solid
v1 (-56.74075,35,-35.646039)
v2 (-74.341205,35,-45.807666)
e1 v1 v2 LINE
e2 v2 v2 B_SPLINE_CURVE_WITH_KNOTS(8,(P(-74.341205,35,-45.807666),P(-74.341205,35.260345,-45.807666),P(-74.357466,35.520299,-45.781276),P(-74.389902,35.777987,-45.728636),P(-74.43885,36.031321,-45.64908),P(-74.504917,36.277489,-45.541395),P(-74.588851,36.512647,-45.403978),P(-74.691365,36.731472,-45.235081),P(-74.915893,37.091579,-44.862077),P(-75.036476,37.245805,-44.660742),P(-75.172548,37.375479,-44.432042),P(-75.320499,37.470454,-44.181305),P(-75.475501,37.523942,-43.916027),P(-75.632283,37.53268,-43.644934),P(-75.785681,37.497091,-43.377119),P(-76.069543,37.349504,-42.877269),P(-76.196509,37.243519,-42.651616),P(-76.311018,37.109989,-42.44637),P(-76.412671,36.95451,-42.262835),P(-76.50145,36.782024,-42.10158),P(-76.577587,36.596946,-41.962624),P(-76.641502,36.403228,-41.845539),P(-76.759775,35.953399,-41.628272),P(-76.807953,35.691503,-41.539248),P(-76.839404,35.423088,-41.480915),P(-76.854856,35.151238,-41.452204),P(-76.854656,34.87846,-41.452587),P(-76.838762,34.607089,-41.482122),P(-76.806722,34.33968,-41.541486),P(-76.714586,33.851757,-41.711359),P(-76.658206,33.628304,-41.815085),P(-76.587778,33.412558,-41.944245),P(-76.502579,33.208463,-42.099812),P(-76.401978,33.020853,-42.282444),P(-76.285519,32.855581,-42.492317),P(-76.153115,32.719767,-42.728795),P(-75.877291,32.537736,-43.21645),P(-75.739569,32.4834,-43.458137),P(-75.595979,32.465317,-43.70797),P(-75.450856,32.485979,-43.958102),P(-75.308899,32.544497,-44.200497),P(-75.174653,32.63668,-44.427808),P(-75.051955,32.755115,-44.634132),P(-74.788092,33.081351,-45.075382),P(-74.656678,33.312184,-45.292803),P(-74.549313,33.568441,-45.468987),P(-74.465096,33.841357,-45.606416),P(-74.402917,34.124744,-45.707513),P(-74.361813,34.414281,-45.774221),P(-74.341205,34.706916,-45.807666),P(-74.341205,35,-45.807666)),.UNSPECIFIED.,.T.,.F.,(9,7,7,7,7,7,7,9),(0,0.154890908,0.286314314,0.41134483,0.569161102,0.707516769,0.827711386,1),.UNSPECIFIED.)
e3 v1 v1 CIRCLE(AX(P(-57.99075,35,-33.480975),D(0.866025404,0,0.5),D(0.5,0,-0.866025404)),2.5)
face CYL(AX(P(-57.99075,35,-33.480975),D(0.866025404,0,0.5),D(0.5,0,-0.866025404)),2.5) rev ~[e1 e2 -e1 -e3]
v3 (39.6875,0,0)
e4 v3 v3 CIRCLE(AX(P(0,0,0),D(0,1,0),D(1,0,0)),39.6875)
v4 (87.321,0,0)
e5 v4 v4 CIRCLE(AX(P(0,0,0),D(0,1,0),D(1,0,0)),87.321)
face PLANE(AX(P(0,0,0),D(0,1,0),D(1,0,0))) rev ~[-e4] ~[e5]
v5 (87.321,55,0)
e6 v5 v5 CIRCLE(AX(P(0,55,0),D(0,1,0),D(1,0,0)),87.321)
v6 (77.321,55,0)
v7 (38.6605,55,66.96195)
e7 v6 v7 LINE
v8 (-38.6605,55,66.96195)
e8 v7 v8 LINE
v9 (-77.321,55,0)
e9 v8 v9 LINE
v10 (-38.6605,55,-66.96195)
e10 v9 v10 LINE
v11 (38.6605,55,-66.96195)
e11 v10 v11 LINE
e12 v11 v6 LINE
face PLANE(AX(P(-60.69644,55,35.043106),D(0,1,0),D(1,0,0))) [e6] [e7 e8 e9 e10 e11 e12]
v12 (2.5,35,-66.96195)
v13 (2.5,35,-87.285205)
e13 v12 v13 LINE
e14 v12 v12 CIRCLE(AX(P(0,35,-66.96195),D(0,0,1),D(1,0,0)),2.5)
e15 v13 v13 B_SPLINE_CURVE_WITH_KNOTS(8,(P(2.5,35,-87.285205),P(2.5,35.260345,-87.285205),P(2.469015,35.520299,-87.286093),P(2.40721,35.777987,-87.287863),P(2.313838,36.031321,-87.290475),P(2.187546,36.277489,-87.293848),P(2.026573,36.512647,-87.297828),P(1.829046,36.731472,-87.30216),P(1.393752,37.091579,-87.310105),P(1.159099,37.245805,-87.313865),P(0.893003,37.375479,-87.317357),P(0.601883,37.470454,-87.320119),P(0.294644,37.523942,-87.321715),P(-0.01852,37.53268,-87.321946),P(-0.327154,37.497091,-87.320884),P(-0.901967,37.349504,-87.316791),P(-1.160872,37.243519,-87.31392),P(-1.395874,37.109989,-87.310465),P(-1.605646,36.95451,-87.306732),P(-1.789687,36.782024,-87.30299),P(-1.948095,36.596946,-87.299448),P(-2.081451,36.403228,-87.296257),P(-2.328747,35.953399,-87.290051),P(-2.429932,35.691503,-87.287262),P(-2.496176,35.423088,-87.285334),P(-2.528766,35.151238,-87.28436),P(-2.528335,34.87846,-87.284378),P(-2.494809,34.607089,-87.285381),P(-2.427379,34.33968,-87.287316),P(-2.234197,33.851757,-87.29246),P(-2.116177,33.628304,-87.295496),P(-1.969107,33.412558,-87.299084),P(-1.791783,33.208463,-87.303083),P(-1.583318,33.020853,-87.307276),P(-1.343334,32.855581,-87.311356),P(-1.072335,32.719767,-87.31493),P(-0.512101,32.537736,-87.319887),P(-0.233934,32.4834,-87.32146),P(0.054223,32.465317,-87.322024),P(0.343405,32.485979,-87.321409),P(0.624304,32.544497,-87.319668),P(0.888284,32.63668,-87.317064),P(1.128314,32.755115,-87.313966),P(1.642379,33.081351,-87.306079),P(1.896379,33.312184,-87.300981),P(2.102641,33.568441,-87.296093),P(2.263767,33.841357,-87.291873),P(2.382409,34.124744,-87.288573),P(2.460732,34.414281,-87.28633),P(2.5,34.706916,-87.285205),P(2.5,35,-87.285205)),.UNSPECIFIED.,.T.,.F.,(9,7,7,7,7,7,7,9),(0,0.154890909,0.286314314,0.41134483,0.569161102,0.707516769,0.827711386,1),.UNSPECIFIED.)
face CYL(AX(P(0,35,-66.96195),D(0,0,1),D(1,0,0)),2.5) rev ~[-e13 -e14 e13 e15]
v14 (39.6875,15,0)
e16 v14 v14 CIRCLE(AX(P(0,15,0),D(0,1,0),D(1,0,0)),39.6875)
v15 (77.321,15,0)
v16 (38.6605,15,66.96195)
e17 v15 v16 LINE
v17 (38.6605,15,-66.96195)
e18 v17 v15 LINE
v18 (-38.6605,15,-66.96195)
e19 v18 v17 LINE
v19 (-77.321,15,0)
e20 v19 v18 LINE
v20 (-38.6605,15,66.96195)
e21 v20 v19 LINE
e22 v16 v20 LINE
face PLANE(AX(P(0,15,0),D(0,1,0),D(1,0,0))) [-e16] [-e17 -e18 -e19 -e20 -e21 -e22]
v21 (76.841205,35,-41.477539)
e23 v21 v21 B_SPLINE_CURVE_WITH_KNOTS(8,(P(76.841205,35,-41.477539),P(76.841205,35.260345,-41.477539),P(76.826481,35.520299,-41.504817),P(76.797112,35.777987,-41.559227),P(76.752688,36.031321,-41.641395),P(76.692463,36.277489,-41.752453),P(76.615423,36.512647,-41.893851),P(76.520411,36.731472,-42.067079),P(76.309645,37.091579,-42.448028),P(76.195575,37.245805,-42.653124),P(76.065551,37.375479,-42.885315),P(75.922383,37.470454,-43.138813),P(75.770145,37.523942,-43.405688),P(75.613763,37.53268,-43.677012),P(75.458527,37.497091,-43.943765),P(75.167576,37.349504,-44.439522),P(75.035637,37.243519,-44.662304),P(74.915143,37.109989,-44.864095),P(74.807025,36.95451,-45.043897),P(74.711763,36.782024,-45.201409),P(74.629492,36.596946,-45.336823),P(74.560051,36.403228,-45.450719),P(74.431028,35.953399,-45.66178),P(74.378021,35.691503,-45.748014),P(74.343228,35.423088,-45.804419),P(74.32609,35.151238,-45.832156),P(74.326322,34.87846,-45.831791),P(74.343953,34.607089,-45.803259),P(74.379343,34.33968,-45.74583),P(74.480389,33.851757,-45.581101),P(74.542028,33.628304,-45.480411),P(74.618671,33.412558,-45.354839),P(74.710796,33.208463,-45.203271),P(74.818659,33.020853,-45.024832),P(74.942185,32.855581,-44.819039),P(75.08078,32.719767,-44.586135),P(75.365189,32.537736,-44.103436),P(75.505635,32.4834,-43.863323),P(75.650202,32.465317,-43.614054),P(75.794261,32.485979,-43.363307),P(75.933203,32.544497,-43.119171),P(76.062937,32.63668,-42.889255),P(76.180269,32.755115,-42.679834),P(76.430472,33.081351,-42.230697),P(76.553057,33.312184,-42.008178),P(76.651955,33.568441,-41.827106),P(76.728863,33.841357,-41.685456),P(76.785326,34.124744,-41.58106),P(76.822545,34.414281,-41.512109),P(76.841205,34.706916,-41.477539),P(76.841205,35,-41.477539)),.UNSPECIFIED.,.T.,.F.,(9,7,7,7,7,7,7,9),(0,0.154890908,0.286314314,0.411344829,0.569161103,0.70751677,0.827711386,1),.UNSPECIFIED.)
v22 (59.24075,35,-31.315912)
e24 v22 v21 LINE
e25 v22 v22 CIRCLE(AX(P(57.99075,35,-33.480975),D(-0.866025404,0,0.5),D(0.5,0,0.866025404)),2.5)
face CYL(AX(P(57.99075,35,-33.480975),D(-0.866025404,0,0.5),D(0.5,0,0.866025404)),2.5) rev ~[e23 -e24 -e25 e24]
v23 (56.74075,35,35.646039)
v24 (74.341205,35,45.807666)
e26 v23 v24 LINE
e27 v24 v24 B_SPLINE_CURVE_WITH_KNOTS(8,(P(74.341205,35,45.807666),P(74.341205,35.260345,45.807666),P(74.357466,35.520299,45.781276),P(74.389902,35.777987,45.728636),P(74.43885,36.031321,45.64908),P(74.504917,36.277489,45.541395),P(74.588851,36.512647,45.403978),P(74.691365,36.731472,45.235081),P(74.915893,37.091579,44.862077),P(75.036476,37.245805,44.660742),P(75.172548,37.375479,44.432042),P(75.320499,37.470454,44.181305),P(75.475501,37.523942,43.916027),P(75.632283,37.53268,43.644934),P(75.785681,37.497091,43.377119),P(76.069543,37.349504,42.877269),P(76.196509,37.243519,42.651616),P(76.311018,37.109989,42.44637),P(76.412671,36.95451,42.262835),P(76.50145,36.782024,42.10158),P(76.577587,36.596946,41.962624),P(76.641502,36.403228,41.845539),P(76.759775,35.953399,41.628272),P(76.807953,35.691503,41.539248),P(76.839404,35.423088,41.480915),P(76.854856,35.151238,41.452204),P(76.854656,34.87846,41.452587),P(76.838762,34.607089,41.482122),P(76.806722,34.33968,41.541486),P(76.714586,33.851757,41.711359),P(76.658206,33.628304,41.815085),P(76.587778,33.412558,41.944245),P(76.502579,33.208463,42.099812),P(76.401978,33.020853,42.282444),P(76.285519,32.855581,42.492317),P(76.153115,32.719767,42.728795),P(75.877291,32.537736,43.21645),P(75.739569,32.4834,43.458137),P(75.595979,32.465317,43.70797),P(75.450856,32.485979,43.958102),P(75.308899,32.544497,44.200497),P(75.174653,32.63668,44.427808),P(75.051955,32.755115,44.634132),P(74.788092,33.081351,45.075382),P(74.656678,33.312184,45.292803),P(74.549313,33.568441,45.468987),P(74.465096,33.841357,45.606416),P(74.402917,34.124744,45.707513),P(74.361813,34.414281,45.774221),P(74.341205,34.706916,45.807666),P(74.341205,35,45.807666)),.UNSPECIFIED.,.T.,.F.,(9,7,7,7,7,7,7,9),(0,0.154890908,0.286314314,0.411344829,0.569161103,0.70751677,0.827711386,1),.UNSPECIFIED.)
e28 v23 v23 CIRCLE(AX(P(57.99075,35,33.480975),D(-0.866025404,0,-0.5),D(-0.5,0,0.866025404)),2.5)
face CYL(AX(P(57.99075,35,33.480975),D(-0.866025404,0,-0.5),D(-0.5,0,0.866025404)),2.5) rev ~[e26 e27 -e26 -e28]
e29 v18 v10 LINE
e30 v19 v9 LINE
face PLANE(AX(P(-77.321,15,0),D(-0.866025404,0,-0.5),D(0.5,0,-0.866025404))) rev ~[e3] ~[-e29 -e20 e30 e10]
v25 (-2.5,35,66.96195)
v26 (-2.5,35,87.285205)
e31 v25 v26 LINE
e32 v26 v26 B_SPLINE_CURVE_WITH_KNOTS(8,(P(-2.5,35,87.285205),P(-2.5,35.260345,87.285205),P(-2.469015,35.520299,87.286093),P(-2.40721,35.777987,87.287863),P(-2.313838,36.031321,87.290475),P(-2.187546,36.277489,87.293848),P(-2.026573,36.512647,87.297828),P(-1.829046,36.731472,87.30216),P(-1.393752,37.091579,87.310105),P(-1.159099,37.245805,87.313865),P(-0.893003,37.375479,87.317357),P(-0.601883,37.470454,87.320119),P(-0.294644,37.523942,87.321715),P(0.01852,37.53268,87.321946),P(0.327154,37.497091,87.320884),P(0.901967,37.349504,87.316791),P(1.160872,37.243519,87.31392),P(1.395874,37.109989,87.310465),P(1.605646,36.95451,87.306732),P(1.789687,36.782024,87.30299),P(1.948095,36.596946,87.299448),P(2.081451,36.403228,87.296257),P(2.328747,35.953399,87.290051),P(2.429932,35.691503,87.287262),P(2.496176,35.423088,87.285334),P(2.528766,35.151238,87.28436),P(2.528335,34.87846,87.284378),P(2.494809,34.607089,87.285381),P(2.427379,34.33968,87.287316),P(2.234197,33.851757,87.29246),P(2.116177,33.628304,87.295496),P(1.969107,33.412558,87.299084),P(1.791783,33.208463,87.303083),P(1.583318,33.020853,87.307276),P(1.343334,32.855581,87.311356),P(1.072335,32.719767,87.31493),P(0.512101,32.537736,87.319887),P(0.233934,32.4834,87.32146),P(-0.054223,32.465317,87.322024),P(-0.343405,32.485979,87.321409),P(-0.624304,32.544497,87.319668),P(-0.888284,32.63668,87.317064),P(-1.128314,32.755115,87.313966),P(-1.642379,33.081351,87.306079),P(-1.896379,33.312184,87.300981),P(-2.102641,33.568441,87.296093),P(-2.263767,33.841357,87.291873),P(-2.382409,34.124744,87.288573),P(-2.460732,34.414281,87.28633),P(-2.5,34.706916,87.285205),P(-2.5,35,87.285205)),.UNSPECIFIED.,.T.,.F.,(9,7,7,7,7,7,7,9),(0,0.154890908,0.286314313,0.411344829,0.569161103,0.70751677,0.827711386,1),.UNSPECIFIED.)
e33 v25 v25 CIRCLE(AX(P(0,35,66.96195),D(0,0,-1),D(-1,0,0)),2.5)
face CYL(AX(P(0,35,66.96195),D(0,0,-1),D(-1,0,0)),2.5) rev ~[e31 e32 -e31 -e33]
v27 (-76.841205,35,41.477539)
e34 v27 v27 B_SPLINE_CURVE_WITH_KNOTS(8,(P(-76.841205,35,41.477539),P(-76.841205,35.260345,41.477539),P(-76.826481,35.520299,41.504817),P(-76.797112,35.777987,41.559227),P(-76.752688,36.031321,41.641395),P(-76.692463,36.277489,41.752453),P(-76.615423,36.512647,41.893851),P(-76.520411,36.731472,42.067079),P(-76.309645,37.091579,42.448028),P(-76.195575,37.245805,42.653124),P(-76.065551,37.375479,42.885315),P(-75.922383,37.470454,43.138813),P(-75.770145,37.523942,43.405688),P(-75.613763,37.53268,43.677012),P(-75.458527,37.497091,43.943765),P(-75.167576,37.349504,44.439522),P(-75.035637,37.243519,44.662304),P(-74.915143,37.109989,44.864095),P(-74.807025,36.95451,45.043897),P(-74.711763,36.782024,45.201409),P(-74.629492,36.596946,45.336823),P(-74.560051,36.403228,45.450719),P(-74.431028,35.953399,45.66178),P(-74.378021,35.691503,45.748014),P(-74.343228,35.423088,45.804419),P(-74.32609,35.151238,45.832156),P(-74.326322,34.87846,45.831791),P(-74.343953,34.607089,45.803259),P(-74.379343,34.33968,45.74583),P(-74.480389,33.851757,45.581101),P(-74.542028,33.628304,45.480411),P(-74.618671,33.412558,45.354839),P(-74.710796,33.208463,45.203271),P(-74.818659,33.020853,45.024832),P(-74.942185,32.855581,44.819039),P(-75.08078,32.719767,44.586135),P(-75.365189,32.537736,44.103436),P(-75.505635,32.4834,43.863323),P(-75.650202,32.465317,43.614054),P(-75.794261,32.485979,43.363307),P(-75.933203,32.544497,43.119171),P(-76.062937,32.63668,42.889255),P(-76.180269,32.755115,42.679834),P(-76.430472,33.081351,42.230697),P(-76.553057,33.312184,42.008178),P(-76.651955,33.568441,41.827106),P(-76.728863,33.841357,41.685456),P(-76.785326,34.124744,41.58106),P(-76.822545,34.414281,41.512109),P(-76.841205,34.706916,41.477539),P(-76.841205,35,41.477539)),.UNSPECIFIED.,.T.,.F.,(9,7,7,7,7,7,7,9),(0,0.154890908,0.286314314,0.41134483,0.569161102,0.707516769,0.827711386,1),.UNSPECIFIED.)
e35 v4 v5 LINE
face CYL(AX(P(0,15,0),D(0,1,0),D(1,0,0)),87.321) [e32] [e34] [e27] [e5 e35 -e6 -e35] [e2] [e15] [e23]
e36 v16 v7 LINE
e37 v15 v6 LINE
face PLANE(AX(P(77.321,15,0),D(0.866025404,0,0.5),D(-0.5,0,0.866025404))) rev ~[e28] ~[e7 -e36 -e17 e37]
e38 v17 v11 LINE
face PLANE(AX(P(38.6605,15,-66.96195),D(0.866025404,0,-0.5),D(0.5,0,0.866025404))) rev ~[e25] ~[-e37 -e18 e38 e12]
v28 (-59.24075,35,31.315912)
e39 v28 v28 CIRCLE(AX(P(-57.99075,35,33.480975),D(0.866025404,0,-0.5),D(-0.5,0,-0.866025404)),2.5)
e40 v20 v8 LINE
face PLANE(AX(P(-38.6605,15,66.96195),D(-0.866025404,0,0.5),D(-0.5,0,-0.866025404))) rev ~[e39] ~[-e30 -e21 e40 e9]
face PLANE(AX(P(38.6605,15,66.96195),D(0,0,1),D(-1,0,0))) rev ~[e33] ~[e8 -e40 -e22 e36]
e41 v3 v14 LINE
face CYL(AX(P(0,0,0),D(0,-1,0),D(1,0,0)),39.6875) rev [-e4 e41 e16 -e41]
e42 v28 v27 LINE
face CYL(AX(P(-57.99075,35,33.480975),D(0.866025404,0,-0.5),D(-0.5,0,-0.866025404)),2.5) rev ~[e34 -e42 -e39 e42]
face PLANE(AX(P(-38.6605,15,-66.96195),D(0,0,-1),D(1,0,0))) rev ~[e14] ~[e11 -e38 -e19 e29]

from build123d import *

# Parameters (mm, degrees)
SKETCH1_R                = 77.321
SKETCH1_R_2              = 39.6875
BOSS_EXTRUDE1_DEPTH      = 15
SKETCH2_R                = 87.321
SKETCH2_R_2              = 77.321
BOSS_EXTRUDE2_DEPTH      = 40
BOSS_EXTRUDE2_DEPTH_BACK = 15
BOSS_EXTRUDE3_DEPTH      = 40
SKETCH4_R                = 2.5
CUT_EXTRUDE1_DEPTH       = 21.359049754
CIRPATTERN1_COUNT        = 6


with BuildPart() as part:
    # Sketch1 → Boss-Extrude1 (new body)
    with BuildSketch(Plane(origin=(0, 0, 0), x_dir=(1, 0, 0), z_dir=(0, 1, 0))):
        Circle(SKETCH1_R)
        Circle(SKETCH1_R_2, mode=Mode.SUBTRACT)
    extrude(amount=BOSS_EXTRUDE1_DEPTH)

    # Sketch2 → Boss-Extrude2 (add, two sides)
    with BuildSketch(Plane(origin=(0, 15, 0), x_dir=(1, 0, 0), z_dir=(0, 1, 0))) as boss_extrude2_sk:
        Circle(SKETCH2_R)
        Circle(SKETCH2_R_2, mode=Mode.SUBTRACT)
    extrude(amount=BOSS_EXTRUDE2_DEPTH)
    extrude(boss_extrude2_sk.sketch, amount=-BOSS_EXTRUDE2_DEPTH_BACK)

    # Sketch3 → Boss-Extrude3 (add)
    with BuildSketch(Plane(origin=(0, 15, 0), x_dir=(1, 0, 0), z_dir=(0, 1, 0))):
        with BuildLine():
            ThreePointArc((-77.321, 0), (-66.961950246, -38.6605), (-38.6605, -66.961950246))
            Line((-38.6605, -66.961950246), (-77.321, 0))
        make_face()
        with BuildLine():
            Line((-77.321, 0), (-38.6605, 66.961950246))
            ThreePointArc((-38.6605, 66.961950246), (-66.961950246, 38.6605), (-77.321, 0))
        make_face()
        with BuildLine():
            Line((-38.6605, 66.961950246), (38.6605, 66.961950246))
            ThreePointArc((38.6605, 66.961950246), (0, 77.321), (-38.6605, 66.961950246))
        make_face()
        with BuildLine():
            Line((38.6605, 66.961950246), (77.321, 0))
            ThreePointArc((77.321, 0), (66.961950246, 38.6605), (38.6605, 66.961950246))
        make_face()
        with BuildLine():
            ThreePointArc((38.6605, -66.961950246), (66.961950246, -38.6605), (77.321, 0))
            Line((77.321, 0), (38.6605, -66.961950246))
        make_face()
        with BuildLine():
            ThreePointArc((-38.6605, -66.961950246), (0, -77.321), (38.6605, -66.961950246))
            Line((38.6605, -66.961950246), (-38.6605, -66.961950246))
        make_face()
    extrude(amount=BOSS_EXTRUDE3_DEPTH)

    # Sketch4 → Cut-Extrude1 (cut, through all)
    with BuildSketch(Plane.XY.offset(-66.961950246)):
        with Locations((0, 35)):
            Circle(SKETCH4_R)
    cut_extrude1 = extrude(amount=-CUT_EXTRUDE1_DEPTH, mode=Mode.SUBTRACT)

    # CirPattern1: Cut-Extrude1 ×6 about axis
    cirpattern1_axis = Axis((0, -246.98108496, 0), (0, 1, 0))
    for i in range(1, CIRPATTERN1_COUNT):
        add(cut_extrude1.rotate(cirpattern1_axis, i * 360 / CIRPATTERN1_COUNT), mode=Mode.SUBTRACT)


solid = part.part
